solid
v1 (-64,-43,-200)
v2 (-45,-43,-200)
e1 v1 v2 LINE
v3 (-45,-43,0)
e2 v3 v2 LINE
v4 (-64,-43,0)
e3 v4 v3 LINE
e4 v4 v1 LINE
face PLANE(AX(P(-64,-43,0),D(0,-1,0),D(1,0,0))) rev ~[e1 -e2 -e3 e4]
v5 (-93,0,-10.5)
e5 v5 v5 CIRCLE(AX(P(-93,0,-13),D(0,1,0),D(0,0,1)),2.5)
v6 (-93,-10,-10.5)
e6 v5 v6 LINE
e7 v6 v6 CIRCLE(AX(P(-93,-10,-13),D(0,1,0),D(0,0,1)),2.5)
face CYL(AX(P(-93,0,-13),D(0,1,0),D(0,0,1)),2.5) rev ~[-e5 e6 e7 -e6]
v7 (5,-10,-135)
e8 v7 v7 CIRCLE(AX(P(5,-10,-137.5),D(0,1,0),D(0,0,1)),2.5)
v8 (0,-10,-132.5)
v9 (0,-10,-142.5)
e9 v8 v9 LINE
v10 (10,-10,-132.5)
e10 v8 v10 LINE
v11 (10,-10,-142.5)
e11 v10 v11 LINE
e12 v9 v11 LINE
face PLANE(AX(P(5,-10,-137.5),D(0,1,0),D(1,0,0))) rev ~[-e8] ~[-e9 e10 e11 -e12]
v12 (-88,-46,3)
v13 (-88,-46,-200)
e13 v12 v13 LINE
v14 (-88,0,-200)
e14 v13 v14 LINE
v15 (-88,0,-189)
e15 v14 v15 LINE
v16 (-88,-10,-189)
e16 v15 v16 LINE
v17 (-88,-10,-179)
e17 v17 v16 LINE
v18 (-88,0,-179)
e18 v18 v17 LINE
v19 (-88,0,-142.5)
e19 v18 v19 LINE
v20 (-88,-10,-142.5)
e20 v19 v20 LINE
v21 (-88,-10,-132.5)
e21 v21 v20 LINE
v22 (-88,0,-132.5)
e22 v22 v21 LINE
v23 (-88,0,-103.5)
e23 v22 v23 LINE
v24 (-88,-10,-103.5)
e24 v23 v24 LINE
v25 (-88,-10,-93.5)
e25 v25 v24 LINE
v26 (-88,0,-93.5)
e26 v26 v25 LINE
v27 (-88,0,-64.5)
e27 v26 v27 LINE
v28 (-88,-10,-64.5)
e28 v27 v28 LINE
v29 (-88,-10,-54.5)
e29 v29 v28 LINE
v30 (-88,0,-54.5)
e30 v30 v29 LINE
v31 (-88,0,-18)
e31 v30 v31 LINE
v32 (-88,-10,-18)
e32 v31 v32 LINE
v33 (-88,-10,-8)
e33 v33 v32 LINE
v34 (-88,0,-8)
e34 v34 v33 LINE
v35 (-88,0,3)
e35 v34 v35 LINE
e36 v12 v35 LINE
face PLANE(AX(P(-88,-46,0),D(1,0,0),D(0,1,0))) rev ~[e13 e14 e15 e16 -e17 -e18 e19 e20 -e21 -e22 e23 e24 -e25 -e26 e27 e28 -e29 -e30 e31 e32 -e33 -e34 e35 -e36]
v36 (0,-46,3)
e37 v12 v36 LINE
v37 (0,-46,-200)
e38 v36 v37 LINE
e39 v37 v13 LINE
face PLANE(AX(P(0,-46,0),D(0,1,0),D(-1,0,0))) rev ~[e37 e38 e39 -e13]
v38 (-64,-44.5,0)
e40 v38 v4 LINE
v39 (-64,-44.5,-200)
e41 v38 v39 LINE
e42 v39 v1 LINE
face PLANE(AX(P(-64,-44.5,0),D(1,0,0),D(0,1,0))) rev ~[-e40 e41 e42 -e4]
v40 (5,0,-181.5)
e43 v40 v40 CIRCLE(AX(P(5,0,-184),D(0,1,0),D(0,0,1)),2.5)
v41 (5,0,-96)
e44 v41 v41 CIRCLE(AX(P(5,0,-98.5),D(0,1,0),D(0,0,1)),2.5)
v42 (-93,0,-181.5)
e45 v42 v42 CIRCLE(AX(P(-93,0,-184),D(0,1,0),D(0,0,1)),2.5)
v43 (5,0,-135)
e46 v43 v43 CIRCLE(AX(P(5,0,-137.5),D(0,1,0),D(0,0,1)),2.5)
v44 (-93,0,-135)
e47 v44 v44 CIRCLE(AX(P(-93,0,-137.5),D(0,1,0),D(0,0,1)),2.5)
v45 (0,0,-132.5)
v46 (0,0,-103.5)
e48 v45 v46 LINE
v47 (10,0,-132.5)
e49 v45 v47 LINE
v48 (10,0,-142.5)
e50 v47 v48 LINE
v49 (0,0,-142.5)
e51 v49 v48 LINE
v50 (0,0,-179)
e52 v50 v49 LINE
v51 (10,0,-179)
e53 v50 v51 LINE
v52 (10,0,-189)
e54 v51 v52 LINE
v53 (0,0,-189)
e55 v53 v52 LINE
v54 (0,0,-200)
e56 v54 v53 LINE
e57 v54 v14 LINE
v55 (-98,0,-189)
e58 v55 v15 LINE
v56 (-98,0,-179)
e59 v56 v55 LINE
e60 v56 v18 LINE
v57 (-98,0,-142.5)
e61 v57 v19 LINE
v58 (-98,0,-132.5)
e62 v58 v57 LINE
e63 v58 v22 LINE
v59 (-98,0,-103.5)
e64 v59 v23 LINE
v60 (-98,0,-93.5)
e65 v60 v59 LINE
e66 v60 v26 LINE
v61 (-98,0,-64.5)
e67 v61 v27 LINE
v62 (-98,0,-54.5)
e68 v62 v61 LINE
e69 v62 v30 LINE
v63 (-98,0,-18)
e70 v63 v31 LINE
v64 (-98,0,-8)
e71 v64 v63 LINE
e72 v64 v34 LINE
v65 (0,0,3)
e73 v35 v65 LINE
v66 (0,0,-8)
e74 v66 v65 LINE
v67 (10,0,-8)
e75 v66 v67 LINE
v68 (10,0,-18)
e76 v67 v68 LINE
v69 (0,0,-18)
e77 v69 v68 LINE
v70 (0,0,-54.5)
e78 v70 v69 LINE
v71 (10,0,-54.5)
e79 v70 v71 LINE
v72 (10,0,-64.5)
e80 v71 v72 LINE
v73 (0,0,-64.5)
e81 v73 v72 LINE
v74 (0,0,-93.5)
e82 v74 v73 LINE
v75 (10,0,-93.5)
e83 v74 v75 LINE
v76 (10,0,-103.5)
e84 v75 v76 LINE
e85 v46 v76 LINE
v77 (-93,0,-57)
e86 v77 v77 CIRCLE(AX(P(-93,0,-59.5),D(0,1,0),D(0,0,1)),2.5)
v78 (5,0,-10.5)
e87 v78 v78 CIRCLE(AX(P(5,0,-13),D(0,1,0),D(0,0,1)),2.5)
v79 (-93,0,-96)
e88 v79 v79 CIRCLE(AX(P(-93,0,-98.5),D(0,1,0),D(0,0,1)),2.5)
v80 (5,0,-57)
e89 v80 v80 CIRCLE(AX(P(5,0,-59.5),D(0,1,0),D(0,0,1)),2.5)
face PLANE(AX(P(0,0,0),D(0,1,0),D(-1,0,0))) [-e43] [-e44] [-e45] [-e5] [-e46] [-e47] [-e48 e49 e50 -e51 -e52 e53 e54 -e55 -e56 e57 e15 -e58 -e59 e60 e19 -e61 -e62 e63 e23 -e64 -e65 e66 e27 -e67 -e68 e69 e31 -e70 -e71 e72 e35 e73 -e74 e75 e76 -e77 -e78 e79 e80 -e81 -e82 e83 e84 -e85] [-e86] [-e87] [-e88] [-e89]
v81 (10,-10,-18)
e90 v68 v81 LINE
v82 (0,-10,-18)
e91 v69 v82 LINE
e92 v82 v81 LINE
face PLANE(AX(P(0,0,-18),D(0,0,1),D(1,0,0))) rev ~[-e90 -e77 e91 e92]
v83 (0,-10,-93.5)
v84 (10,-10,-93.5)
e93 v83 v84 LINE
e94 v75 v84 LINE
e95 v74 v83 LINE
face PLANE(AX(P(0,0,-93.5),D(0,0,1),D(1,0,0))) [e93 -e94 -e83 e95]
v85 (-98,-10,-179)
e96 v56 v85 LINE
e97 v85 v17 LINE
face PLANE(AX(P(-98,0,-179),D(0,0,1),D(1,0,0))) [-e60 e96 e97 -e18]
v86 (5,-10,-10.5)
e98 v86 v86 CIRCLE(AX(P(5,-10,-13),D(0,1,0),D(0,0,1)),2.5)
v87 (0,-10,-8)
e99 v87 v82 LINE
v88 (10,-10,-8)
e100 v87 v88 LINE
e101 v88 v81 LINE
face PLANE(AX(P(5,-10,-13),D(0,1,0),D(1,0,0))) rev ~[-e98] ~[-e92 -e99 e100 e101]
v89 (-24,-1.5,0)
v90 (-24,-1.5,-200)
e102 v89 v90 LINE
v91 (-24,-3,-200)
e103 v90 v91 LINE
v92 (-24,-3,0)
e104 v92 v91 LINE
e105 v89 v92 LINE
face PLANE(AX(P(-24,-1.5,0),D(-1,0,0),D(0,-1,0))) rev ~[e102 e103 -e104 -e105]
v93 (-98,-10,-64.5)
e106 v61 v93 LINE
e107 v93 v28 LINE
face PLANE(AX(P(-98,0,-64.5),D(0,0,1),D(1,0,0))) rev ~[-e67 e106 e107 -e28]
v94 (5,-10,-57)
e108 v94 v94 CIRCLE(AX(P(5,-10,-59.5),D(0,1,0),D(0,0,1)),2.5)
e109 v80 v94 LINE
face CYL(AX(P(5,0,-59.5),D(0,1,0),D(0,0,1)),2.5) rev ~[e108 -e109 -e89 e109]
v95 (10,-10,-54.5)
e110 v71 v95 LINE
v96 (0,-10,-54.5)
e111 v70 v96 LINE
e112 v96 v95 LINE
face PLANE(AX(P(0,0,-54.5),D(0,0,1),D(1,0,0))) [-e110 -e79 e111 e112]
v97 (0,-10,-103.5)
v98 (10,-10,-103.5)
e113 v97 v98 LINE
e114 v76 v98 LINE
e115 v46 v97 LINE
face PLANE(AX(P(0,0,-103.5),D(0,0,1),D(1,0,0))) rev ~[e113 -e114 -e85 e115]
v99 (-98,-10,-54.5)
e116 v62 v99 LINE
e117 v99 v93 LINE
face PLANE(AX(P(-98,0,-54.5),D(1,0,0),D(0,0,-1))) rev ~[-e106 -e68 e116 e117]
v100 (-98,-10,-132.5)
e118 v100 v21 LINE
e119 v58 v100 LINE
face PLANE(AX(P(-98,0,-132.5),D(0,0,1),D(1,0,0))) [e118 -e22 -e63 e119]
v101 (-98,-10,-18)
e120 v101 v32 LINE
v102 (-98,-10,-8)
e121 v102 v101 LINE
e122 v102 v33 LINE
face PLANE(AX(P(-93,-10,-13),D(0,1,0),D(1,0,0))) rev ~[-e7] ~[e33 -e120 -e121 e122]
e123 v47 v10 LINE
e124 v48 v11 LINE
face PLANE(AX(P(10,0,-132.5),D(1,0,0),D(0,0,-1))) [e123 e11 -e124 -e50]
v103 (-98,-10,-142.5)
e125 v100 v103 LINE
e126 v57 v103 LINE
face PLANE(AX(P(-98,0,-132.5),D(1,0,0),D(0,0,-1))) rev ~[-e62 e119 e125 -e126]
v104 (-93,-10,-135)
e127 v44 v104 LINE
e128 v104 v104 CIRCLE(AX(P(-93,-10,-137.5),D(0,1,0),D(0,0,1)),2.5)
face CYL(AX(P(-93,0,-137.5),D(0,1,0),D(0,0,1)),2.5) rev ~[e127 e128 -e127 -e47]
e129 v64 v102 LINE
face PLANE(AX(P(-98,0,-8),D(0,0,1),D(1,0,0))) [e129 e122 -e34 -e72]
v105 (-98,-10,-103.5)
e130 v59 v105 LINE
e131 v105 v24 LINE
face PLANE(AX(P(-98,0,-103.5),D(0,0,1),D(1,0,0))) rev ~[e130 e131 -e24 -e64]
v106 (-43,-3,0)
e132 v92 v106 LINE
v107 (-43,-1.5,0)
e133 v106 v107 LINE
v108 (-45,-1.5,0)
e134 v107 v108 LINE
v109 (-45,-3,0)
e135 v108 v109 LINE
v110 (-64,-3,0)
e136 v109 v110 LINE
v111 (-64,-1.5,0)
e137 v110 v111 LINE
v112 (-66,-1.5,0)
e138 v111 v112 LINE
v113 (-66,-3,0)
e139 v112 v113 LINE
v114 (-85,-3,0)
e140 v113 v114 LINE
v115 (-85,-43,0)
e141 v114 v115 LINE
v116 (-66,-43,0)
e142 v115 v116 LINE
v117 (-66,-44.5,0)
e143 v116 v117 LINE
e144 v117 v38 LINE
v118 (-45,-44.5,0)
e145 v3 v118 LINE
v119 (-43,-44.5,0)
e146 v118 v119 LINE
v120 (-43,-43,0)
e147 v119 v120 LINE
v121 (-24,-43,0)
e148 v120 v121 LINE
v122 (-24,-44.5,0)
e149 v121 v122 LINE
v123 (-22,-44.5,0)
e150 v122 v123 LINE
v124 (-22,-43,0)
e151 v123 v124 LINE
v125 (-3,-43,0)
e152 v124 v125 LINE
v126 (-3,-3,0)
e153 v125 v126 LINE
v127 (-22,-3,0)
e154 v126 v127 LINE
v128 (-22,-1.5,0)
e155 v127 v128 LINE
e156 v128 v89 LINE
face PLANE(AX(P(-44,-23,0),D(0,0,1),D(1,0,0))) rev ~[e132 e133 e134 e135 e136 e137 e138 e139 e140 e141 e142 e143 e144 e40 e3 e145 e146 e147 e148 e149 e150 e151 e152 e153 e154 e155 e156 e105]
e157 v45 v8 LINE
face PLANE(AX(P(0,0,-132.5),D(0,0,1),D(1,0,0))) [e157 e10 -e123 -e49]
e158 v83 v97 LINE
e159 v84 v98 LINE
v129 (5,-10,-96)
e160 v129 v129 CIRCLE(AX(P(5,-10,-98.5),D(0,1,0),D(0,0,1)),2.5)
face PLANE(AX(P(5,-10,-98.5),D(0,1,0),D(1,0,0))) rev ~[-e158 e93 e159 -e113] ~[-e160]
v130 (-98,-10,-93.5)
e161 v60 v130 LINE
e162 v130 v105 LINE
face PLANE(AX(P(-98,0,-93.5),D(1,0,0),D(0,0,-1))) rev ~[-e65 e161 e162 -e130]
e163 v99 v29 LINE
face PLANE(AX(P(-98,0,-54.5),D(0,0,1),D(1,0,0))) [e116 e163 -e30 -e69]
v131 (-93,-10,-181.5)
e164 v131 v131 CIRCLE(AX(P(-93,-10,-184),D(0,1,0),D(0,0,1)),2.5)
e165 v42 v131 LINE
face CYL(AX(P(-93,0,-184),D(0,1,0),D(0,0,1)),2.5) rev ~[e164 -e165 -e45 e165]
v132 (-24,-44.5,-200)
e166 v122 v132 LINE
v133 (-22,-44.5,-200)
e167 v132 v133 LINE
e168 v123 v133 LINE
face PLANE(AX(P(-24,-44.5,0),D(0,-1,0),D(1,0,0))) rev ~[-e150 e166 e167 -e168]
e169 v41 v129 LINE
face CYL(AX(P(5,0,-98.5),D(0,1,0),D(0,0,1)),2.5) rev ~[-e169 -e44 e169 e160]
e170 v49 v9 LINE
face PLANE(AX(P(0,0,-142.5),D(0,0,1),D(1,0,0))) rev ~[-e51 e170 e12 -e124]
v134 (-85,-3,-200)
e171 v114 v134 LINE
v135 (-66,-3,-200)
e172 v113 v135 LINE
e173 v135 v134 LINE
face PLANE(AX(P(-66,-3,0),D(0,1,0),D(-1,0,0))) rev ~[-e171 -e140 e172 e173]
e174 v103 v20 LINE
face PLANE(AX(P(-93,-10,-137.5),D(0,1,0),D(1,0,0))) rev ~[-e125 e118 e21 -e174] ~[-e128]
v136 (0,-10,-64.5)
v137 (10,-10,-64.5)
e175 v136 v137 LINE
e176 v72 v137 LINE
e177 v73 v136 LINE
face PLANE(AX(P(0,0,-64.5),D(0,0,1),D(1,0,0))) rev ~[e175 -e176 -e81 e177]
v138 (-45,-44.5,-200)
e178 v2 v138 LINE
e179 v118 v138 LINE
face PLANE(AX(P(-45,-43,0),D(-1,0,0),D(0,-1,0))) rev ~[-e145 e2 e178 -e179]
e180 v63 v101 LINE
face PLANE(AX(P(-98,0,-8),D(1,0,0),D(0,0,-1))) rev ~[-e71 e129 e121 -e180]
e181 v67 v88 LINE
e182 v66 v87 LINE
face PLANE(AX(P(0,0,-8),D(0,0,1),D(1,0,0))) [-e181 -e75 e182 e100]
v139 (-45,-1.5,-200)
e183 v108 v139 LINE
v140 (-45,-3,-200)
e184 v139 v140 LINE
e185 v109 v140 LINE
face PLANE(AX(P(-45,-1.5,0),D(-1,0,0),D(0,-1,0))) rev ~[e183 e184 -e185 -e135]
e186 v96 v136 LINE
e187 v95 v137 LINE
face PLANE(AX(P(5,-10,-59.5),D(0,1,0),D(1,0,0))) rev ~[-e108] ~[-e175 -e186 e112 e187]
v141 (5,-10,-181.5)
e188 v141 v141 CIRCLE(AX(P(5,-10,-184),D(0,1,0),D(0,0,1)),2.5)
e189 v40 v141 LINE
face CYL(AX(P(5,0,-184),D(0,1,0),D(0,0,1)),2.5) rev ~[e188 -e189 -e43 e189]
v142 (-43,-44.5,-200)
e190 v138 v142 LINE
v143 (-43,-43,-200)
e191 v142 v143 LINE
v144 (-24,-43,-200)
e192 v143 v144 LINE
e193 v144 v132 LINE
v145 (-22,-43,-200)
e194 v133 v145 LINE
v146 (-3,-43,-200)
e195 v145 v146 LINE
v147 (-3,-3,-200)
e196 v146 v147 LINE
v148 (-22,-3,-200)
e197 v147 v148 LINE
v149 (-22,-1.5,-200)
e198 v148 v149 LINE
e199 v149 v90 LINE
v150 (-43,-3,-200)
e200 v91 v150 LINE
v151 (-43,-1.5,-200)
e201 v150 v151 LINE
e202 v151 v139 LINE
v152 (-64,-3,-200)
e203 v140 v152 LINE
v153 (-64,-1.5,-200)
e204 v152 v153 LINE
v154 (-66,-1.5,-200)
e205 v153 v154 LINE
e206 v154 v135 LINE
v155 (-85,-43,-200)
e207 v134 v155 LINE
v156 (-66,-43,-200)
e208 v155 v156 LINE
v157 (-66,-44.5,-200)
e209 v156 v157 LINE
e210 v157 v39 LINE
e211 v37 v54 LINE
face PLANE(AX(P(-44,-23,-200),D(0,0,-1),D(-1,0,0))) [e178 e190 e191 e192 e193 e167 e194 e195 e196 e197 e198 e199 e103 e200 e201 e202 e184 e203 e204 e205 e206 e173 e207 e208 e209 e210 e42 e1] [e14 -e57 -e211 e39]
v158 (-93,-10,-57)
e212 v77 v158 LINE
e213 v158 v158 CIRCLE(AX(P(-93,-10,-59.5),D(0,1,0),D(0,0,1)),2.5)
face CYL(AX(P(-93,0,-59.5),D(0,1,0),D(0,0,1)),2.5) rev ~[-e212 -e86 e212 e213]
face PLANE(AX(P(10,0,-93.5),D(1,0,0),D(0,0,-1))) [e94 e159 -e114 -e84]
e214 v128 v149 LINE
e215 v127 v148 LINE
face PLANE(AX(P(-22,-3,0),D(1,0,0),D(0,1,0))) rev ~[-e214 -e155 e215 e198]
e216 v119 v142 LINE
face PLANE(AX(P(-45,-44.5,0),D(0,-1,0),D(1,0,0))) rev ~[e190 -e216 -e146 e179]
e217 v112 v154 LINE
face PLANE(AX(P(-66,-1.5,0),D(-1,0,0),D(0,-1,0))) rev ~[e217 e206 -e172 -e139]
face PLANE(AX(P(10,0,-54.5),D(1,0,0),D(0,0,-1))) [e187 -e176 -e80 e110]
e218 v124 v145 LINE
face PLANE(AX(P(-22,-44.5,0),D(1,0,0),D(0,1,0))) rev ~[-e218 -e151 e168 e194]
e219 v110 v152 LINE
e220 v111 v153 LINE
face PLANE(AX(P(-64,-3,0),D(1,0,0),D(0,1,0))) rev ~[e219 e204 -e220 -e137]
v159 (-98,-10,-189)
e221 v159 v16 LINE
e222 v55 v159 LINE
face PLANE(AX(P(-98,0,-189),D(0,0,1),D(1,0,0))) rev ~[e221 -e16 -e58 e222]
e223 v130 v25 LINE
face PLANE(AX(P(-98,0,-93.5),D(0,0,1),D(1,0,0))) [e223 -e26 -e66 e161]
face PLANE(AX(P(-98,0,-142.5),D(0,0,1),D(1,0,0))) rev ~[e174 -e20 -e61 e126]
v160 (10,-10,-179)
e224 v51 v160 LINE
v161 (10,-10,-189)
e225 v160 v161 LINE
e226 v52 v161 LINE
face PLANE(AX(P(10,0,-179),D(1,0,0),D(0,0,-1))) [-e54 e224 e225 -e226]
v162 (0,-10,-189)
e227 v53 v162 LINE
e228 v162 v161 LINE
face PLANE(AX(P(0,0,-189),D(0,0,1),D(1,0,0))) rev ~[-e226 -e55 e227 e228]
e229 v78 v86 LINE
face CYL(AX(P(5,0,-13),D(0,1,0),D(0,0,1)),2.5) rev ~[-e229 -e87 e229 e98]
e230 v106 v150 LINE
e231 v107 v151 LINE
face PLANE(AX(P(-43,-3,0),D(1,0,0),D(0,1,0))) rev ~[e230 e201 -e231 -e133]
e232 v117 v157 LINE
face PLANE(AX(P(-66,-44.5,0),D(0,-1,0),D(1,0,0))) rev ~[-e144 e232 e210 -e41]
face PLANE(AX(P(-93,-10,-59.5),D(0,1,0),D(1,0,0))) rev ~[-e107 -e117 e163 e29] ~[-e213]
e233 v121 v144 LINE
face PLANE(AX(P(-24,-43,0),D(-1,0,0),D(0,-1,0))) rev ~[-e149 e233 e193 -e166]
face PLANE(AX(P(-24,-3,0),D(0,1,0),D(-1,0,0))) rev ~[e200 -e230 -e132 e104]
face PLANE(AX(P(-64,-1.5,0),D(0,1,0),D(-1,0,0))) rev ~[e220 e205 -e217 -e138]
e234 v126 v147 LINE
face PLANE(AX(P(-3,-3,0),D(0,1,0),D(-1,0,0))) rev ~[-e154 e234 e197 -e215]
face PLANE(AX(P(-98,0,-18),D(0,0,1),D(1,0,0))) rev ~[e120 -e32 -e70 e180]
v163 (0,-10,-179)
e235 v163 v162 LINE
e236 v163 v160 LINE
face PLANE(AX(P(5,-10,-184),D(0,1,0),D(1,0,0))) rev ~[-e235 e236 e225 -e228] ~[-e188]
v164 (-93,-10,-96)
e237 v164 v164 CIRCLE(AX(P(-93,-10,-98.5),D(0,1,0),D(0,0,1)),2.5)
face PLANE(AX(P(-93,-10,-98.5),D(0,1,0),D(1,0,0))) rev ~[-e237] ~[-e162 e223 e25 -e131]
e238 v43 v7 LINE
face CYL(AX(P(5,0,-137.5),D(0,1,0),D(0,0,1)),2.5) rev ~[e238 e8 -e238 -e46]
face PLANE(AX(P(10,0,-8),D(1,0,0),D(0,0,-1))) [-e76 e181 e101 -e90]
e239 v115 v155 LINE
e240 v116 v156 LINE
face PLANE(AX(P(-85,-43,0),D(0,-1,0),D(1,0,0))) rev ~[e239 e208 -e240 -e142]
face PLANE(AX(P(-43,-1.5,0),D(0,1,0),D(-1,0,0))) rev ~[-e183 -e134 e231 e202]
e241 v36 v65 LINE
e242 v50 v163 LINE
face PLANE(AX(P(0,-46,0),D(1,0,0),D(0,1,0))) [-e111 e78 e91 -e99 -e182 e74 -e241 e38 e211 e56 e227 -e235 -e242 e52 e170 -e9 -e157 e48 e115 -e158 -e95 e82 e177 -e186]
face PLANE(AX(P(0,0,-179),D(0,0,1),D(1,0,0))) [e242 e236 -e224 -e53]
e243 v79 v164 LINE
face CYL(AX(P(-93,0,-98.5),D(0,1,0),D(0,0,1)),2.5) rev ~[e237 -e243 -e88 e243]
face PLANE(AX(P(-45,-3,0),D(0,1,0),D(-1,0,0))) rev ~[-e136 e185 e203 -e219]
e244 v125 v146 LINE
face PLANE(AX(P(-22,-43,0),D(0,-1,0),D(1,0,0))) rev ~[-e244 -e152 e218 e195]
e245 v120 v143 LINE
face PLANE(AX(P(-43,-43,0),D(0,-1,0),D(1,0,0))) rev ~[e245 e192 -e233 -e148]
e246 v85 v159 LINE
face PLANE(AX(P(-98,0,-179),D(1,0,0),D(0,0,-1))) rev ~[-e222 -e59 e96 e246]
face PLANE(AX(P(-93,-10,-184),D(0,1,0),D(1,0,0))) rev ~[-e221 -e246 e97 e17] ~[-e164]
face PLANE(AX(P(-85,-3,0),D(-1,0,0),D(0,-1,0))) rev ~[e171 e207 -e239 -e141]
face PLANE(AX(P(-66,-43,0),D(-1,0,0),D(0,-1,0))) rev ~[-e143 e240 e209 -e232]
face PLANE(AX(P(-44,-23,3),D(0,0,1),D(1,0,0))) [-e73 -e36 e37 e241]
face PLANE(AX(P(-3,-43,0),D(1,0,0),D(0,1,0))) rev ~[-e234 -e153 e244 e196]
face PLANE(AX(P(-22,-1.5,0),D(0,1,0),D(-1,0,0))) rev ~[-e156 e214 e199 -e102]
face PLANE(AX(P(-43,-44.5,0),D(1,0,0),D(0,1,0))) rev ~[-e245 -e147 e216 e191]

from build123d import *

# Parameters (mm, degrees)
SKETCH1_W           = 88
SKETCH1_H           = 46
SKETCH1_W_2         = 82
SKETCH1_H_2         = 40
BOSS_EXTRUDE1_DEPTH = 3
SKETCH3_W           = 88
SKETCH3_H           = 46
BOSS_EXTRUDE2_DEPTH = 200
SKETCH6_W           = 10
SKETCH6_H           = 10
SKETCH6_R           = 2.5
BOSS_EXTRUDE4_DEPTH = 10


with BuildPart() as part:
    # Sketch1 → Boss-Extrude1 (new body)
    # profile 1 of 2: a face of its own
    with BuildSketch(Plane.XY):
        with Locations((-44, -23)):
            Rectangle(SKETCH1_W, SKETCH1_H)
        with Locations((-44, -23)):
            Rectangle(SKETCH1_W_2, SKETCH1_H_2, mode=Mode.SUBTRACT)
    # profile 2 of 2: a face of its own
    with BuildSketch(Plane.XY):
        with Locations((-44, -23)):
            Rectangle(SKETCH1_W_2, SKETCH1_H_2)
    extrude(amount=BOSS_EXTRUDE1_DEPTH)

    # Sketch3 → Boss-Extrude2 (add)
    with BuildSketch(Plane(origin=(0, 0, 0), x_dir=(-1, 0, 0), z_dir=(0, 0, -1))):
        with Locations((44, -23)):
            Rectangle(SKETCH3_W, SKETCH3_H)
        Polygon((24, -3), (43, -3), (43, -1.5), (45, -1.5), (45, -3), (64, -3), (64, -1.5), (66, -1.5), (66, -3), (85, -3), (85, -43), (66, -43), (66, -44.5), (64, -44.5), (64, -43), (45, -43), (45, -44.5), (43, -44.5), (43, -43), (24, -43), (24, -44.5), (22, -44.5), (22, -43), (3, -43), (3, -3), (22, -3), (22, -1.5), (24, -1.5), align=None, mode=Mode.SUBTRACT)
    extrude(amount=BOSS_EXTRUDE2_DEPTH)

    # Sketch6 → Boss-Extrude4 (add)
    # profile 1 of 10: a face of its own
    with BuildSketch(Plane(origin=(0, 0, 0), x_dir=(1, 0, 0), z_dir=(0, 1, 0))):
        with Locations((-93, 98.5)):
            Rectangle(SKETCH6_W, SKETCH6_H)
        with Locations(Location((-93, 98.5, 0), (0, 0, 270))):
            Circle(SKETCH6_R, mode=Mode.SUBTRACT)
    # profile 2 of 10: a face of its own
    with BuildSketch(Plane(origin=(0, 0, 0), x_dir=(1, 0, 0), z_dir=(0, 1, 0))):
        with Locations((5, 98.5)):
            Rectangle(SKETCH6_W, SKETCH6_H)
        with Locations(Location((5, 98.5, 0), (0, 0, 270))):
            Circle(SKETCH6_R, mode=Mode.SUBTRACT)
    # profile 3 of 10: a face of its own
    with BuildSketch(Plane(origin=(0, 0, 0), x_dir=(1, 0, 0), z_dir=(0, 1, 0))):
        with Locations((-93, 137.5)):
            Rectangle(SKETCH6_W, SKETCH6_H)
        with Locations(Location((-93, 137.5, 0), (0, 0, 270))):
            Circle(SKETCH6_R, mode=Mode.SUBTRACT)
    # profile 4 of 10: a face of its own
    with BuildSketch(Plane(origin=(0, 0, 0), x_dir=(1, 0, 0), z_dir=(0, 1, 0))):
        with Locations((5, 137.5)):
            Rectangle(SKETCH6_W, SKETCH6_H)
        with Locations(Location((5, 137.5, 0), (0, 0, 270))):
            Circle(SKETCH6_R, mode=Mode.SUBTRACT)
    # profile 5 of 10: a face of its own
    with BuildSketch(Plane(origin=(0, 0, 0), x_dir=(1, 0, 0), z_dir=(0, 1, 0))):
        with Locations((-93, 59.5)):
            Rectangle(SKETCH6_W, SKETCH6_H)
        with Locations(Location((-93, 59.5, 0), (0, 0, 270))):
            Circle(SKETCH6_R, mode=Mode.SUBTRACT)
    # profile 6 of 10: a face of its own
    with BuildSketch(Plane(origin=(0, 0, 0), x_dir=(1, 0, 0), z_dir=(0, 1, 0))):
        with Locations((5, 59.5)):
            Rectangle(SKETCH6_W, SKETCH6_H)
        with Locations(Location((5, 59.5, 0), (0, 0, 270))):
            Circle(SKETCH6_R, mode=Mode.SUBTRACT)
    # profile 7 of 10: a face of its own
    with BuildSketch(Plane(origin=(0, 0, 0), x_dir=(1, 0, 0), z_dir=(0, 1, 0))):
        with Locations((-93, 13)):
            Rectangle(SKETCH6_W, SKETCH6_H)
        with Locations(Location((-93, 13, 0), (0, 0, 270))):
            Circle(SKETCH6_R, mode=Mode.SUBTRACT)
    # profile 8 of 10: a face of its own
    with BuildSketch(Plane(origin=(0, 0, 0), x_dir=(1, 0, 0), z_dir=(0, 1, 0))):
        with Locations((5, 13)):
            Rectangle(SKETCH6_W, SKETCH6_H)
        with Locations(Location((5, 13, 0), (0, 0, 270))):
            Circle(SKETCH6_R, mode=Mode.SUBTRACT)
    # profile 9 of 10: a face of its own
    with BuildSketch(Plane(origin=(0, 0, 0), x_dir=(1, 0, 0), z_dir=(0, 1, 0))):
        with Locations((5, 184)):
            Rectangle(SKETCH6_W, SKETCH6_H)
        with Locations(Location((5, 184, 0), (0, 0, 270))):
            Circle(SKETCH6_R, mode=Mode.SUBTRACT)
    # profile 10 of 10: a face of its own
    with BuildSketch(Plane(origin=(0, 0, 0), x_dir=(1, 0, 0), z_dir=(0, 1, 0))):
        with Locations((-93, 184)):
            Rectangle(SKETCH6_W, SKETCH6_H)
        with Locations(Location((-93, 184, 0), (0, 0, 270))):
            Circle(SKETCH6_R, mode=Mode.SUBTRACT)
    extrude(amount=-BOSS_EXTRUDE4_DEPTH)


solid = part.part
